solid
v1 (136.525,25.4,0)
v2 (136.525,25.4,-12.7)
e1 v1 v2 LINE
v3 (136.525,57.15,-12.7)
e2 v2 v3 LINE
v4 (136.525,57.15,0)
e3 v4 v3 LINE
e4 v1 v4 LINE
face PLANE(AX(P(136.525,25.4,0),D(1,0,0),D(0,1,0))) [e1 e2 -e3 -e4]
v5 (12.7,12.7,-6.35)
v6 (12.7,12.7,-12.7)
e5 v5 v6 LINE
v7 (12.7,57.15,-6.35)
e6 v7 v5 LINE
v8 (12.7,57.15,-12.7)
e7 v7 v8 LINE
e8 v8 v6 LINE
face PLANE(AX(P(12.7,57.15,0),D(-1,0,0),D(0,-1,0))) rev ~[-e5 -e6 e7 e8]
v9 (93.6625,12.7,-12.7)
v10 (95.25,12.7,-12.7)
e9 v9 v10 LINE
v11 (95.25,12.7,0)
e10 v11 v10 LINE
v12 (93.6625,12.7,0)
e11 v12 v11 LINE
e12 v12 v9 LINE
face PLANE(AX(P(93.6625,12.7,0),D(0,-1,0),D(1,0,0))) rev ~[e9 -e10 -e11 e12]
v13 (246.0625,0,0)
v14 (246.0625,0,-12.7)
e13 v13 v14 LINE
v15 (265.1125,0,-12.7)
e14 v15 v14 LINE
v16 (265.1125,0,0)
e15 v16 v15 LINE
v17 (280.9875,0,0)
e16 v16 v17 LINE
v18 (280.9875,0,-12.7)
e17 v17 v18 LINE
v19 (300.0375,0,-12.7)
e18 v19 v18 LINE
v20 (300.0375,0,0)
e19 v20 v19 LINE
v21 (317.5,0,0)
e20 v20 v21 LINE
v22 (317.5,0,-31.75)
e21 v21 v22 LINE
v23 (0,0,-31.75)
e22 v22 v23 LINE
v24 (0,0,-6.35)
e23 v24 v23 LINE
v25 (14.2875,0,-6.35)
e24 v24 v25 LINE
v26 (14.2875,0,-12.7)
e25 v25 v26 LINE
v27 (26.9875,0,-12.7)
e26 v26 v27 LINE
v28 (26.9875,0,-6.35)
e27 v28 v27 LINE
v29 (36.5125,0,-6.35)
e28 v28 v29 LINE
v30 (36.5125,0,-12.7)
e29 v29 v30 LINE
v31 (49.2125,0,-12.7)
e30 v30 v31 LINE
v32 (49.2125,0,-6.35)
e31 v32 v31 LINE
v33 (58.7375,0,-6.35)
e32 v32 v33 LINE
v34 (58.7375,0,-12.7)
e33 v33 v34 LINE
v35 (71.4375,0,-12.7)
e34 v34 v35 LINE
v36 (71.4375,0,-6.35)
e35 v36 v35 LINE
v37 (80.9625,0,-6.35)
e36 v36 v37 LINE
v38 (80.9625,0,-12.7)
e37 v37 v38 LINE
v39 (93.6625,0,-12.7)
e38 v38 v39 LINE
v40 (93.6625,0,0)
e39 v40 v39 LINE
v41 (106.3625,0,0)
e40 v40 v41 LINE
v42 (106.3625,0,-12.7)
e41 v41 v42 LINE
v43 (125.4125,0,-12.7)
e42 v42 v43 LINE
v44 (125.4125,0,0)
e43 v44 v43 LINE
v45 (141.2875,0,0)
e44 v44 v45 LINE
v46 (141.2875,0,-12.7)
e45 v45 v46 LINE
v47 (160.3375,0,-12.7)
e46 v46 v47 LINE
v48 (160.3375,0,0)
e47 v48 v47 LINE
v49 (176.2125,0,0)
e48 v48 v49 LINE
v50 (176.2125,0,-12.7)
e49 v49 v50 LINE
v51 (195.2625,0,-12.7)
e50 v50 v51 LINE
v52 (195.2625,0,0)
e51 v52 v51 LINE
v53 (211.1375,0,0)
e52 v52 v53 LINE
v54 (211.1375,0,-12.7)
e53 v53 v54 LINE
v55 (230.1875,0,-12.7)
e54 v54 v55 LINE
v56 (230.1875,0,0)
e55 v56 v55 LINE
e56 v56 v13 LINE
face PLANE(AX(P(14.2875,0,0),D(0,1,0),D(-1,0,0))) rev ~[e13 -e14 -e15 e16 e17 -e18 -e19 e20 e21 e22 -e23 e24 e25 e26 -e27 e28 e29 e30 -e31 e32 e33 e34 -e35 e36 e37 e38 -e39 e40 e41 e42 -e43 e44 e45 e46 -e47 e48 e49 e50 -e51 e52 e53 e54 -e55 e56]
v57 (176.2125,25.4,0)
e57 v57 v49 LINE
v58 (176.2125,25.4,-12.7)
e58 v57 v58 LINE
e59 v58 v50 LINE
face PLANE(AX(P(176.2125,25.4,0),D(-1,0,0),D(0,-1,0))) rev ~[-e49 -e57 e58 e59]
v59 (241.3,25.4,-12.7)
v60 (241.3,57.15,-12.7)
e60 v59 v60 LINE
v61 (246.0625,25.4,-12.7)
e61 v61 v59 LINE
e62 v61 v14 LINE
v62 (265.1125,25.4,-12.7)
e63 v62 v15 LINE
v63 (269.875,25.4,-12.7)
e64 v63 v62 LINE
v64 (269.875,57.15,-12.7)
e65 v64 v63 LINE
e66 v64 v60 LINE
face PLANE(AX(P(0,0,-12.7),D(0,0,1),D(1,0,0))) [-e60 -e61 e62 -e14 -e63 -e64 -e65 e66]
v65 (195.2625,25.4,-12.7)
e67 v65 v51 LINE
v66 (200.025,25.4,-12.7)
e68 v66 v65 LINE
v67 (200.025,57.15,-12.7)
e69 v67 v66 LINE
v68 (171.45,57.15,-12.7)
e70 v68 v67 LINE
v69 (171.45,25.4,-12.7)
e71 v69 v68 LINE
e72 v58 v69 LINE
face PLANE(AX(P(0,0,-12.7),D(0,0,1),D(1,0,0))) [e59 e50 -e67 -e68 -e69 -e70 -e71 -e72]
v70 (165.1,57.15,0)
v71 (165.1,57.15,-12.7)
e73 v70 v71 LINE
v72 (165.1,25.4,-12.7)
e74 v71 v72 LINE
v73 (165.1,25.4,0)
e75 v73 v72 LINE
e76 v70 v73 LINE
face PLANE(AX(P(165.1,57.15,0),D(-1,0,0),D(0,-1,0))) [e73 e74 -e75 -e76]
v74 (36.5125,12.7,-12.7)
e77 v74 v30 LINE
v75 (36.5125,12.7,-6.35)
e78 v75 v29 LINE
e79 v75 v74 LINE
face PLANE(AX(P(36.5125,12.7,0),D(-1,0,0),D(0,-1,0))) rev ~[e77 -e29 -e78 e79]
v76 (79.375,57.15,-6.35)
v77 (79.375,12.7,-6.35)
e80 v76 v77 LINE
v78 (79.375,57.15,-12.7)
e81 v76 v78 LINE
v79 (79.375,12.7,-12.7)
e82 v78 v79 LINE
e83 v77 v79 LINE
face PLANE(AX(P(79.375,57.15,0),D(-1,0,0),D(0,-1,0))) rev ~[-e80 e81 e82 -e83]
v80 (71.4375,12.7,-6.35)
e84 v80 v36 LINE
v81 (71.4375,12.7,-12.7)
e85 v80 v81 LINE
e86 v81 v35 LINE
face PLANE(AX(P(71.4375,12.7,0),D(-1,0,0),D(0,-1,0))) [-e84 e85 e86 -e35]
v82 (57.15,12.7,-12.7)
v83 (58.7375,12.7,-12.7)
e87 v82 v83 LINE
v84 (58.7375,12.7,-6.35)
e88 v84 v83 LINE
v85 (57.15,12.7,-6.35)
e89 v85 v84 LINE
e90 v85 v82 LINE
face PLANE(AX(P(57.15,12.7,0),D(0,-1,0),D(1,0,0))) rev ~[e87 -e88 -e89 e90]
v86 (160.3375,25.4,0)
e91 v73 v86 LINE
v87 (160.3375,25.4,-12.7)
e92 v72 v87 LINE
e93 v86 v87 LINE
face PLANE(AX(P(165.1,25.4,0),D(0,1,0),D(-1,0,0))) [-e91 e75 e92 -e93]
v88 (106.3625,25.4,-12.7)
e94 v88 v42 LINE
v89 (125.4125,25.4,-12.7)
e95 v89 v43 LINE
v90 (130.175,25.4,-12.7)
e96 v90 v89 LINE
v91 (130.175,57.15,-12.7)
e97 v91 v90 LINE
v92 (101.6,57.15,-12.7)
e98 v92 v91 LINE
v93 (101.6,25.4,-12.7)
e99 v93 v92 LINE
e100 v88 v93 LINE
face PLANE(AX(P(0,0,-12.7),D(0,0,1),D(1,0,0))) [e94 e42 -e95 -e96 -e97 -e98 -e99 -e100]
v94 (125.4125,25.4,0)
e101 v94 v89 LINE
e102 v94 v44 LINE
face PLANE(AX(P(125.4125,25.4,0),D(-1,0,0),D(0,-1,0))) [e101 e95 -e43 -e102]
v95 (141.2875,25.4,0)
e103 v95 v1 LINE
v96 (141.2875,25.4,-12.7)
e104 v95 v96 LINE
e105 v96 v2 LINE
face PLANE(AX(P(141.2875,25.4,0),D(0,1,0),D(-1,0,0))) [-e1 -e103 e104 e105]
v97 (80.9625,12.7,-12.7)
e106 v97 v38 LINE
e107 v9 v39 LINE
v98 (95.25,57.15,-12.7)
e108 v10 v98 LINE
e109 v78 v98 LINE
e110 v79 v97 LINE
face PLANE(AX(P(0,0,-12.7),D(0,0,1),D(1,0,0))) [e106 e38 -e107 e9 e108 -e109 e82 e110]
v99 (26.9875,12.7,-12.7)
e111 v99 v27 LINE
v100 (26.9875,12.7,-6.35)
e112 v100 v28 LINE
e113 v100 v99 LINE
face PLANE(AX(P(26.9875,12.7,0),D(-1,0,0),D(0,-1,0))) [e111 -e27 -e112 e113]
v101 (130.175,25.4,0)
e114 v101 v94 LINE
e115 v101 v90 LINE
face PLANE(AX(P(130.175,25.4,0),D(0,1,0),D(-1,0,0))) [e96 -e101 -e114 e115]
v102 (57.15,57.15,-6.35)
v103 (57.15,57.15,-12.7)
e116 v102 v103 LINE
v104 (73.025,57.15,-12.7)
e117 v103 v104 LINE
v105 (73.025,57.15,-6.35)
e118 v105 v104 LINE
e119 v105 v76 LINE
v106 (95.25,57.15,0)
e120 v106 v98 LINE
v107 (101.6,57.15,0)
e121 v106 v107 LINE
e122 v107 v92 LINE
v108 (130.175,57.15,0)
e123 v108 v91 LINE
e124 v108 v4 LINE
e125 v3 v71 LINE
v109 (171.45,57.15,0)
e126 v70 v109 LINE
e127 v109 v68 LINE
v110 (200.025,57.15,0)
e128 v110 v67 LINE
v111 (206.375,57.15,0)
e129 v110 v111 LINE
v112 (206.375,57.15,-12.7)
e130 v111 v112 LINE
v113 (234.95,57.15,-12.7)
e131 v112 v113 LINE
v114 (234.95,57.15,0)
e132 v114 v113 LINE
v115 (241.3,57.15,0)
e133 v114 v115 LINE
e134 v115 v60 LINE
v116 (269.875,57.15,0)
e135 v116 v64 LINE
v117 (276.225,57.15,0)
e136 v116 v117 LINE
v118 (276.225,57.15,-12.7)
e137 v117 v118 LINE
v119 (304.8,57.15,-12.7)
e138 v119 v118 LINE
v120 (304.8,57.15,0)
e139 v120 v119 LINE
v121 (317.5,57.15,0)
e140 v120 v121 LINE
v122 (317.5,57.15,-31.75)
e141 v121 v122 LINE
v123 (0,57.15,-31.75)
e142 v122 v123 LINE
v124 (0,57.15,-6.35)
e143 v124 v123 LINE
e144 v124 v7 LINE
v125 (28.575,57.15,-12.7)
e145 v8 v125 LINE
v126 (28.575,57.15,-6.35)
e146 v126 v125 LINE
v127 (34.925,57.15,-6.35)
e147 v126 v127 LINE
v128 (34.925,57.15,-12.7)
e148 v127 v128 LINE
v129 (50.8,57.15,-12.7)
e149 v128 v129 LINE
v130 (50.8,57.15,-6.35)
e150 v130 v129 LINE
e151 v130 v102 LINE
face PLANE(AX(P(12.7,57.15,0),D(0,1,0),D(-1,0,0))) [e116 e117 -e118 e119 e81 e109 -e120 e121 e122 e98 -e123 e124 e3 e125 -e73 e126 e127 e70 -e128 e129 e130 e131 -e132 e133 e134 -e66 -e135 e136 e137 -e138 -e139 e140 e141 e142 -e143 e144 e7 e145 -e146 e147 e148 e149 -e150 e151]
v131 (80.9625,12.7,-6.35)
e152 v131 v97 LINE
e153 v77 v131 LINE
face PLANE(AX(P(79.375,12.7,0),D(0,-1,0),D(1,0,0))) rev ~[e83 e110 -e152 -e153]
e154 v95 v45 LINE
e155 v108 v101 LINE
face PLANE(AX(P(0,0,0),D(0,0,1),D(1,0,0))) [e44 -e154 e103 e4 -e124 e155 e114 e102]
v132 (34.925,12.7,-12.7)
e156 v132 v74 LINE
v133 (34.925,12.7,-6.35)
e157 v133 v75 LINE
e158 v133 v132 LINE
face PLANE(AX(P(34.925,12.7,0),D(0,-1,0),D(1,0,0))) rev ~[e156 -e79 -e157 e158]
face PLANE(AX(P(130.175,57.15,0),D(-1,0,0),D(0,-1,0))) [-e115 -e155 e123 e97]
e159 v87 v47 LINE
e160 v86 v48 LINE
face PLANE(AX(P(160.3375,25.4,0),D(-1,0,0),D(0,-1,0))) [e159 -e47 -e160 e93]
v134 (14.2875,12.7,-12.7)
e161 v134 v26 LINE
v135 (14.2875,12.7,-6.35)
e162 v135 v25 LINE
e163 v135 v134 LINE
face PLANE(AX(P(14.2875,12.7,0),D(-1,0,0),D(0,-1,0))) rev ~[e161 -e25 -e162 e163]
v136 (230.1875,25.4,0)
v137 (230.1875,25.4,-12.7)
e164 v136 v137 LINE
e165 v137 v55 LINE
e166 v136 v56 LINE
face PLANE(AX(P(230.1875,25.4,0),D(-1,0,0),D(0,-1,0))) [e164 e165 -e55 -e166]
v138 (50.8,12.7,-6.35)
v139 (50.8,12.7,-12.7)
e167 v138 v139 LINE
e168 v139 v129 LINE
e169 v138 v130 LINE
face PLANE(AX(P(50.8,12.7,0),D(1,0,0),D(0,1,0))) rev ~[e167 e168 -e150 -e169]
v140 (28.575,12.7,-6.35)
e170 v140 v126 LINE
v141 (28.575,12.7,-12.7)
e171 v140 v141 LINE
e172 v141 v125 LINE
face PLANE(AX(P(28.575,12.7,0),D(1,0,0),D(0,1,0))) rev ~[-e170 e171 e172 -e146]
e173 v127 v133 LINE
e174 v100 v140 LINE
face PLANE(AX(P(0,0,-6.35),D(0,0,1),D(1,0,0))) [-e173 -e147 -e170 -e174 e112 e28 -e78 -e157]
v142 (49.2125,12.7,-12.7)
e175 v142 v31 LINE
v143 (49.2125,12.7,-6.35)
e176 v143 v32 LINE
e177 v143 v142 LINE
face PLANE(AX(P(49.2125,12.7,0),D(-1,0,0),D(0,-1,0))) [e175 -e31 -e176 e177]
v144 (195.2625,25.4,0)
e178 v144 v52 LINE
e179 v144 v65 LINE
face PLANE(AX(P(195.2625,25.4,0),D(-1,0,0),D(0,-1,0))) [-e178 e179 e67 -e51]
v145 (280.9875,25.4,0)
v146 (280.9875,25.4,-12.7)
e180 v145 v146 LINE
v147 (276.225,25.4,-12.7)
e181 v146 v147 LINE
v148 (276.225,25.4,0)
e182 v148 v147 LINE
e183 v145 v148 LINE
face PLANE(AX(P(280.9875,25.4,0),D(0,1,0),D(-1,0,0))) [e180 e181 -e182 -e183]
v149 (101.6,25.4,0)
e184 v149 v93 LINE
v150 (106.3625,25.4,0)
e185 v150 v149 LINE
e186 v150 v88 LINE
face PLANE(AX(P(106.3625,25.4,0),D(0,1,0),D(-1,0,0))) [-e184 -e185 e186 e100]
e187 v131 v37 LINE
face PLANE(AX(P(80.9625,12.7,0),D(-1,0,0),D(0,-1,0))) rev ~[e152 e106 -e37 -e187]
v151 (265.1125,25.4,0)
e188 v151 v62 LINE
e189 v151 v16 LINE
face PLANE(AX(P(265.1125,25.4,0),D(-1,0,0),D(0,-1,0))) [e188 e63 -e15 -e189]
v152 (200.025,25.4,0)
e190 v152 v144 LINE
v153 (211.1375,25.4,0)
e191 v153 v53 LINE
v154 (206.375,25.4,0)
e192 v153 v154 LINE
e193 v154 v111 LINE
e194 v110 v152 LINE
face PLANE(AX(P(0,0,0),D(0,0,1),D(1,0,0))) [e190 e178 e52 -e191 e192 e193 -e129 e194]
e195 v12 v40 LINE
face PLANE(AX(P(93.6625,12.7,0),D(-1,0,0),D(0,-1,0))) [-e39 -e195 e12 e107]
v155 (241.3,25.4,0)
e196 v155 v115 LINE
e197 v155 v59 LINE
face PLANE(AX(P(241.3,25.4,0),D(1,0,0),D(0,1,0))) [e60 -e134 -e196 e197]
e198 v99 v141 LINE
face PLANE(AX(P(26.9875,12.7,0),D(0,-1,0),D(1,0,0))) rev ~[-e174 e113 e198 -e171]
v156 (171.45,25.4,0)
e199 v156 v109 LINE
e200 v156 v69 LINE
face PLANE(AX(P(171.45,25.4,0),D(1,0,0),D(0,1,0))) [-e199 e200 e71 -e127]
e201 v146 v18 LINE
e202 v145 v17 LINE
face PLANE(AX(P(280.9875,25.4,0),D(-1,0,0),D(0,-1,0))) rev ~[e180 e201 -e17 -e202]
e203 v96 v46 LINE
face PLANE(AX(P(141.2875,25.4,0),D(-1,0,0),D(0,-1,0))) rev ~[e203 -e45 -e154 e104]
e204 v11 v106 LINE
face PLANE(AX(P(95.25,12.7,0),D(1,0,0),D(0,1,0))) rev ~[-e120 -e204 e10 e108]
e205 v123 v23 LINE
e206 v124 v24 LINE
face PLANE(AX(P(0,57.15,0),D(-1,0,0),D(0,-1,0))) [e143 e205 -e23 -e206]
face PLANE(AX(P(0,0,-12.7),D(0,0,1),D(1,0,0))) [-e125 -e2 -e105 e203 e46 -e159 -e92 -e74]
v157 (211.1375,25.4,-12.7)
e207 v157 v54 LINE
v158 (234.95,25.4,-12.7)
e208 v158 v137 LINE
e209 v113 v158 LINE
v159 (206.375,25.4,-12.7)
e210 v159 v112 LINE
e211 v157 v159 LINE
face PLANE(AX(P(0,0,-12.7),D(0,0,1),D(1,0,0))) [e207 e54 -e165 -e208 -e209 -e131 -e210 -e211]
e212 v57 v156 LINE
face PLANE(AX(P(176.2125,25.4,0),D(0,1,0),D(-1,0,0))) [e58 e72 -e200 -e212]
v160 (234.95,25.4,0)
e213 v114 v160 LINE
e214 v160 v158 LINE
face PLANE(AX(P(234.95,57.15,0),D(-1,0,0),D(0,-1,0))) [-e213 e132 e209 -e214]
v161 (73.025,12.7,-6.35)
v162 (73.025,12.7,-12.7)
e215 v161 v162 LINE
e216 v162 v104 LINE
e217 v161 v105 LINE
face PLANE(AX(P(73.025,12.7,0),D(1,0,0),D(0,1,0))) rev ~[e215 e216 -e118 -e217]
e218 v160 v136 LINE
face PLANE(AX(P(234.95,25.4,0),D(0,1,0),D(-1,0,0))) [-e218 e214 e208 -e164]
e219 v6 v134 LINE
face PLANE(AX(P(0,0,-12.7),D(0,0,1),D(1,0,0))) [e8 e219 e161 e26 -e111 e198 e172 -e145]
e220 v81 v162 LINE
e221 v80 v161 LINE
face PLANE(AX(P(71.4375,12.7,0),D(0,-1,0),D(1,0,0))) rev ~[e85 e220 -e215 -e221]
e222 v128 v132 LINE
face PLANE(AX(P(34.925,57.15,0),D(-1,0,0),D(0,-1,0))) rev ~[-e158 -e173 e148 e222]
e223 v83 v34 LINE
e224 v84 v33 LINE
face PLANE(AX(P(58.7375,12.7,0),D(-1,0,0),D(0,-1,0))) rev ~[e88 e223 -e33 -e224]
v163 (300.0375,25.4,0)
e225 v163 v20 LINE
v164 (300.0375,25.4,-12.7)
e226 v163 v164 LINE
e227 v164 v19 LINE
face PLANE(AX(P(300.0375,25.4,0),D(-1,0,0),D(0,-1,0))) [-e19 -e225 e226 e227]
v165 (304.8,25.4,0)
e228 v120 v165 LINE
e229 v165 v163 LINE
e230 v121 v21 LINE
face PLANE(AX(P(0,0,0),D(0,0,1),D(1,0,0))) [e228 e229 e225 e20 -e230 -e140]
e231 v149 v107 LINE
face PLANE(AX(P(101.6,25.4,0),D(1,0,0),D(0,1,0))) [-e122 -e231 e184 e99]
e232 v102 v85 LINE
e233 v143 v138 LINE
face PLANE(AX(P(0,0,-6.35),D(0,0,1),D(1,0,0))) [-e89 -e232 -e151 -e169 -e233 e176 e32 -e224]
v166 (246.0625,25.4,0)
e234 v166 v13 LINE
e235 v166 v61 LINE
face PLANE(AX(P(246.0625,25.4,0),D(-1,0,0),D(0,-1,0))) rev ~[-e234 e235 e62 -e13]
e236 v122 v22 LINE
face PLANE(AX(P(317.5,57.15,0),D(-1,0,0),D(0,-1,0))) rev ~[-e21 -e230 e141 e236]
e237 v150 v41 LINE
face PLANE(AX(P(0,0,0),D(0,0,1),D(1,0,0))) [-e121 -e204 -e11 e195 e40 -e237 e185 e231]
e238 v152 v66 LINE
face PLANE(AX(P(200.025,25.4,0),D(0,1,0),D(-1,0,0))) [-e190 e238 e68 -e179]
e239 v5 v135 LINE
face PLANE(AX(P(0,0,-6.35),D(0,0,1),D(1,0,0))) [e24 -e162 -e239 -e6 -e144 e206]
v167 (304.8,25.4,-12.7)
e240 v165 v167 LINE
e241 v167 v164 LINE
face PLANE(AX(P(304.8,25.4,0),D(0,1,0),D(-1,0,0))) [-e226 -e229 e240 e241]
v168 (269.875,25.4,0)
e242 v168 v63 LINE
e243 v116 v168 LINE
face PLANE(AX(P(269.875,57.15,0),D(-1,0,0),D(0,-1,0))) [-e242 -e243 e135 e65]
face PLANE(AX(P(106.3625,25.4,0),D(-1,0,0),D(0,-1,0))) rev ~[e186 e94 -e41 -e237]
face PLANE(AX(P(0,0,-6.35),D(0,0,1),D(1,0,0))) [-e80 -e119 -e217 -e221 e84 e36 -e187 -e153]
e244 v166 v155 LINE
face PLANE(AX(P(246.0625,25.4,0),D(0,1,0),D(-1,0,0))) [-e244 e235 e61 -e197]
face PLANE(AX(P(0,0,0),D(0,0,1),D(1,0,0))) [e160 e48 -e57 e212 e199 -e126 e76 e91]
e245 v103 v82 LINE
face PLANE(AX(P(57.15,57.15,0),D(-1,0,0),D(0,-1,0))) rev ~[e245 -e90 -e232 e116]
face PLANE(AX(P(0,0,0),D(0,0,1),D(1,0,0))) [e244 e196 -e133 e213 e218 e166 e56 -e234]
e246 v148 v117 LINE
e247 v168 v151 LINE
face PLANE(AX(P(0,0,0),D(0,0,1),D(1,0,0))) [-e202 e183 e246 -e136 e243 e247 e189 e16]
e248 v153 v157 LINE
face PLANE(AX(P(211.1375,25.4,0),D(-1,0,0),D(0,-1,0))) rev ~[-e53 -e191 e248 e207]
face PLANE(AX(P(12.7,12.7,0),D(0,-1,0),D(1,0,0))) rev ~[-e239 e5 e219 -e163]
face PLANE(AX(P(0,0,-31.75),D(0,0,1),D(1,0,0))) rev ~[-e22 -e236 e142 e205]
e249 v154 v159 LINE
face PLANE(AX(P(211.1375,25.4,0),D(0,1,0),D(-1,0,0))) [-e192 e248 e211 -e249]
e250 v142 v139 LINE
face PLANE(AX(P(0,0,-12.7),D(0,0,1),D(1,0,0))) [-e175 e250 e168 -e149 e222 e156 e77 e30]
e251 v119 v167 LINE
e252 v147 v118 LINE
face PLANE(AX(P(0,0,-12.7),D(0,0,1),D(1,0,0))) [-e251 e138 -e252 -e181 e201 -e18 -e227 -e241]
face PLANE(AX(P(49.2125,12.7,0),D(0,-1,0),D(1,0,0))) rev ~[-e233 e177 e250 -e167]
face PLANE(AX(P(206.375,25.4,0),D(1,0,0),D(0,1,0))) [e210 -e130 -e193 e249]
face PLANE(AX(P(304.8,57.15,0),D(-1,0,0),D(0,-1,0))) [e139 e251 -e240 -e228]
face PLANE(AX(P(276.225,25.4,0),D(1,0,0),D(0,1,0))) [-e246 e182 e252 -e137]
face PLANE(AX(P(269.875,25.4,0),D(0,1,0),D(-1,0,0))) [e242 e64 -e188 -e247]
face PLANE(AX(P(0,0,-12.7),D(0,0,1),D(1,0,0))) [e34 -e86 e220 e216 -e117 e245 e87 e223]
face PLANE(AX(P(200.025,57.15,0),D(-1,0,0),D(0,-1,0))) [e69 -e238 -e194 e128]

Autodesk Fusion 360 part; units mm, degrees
sketch "Sketch1" plane through (0, 0, 0) normal (0, 0, 1) x (1, 0, 0)
  line L0 (0, 57.15) -> (0, 0)
  line L1 (101.6, 57.15) -> (130.175, 57.15)
  line L2 (130.175, 57.15) -> (130.175, 25.4)
  line L3 (130.175, 25.4) -> (101.6, 25.4)
  line L4 (101.6, 25.4) -> (101.6, 57.15)
  line L5 (115.8875, 25.4) -> (115.8875, 0) construction
  line L6 (106.3625, 25.4) -> (106.3625, 0)
  line L7 (125.4125, 25.4) -> (125.4125, 0)
  line L8 (12.7, 57.15) -> (12.7, 12.7)
  line L9 (12.7, 12.7) -> (28.575, 12.7)
  line L10 (28.575, 12.7) -> (28.575, 57.15)
  line L11 (14.2875, 12.7) -> (14.2875, 0)
  line L12 (26.9875, 12.7) -> (26.9875, 0)
  line L13 (12.7, 57.15) -> (28.575, 57.15)
  line L14 (14.2875, 0) -> (26.9875, 0)
  line L15 (106.3625, 0) -> (125.4125, 0)
  line L16 (36.5125, 0) -> (49.2125, 0)
  line L17 (34.925, 57.15) -> (50.8, 57.15)
  line L18 (49.2125, 12.7) -> (49.2125, 0)
  line L19 (34.925, 57.15) -> (34.925, 12.7)
  line L20 (36.5125, 12.7) -> (36.5125, 0)
  line L21 (34.925, 12.7) -> (50.8, 12.7)
  line L22 (50.8, 12.7) -> (50.8, 57.15)
  line L23 (58.7375, 0) -> (71.4375, 0)
  line L24 (57.15, 57.15) -> (73.025, 57.15)
  line L25 (71.4375, 12.7) -> (71.4375, 0)
  line L26 (57.15, 57.15) -> (57.15, 12.7)
  line L27 (58.7375, 12.7) -> (58.7375, 0)
  line L28 (57.15, 12.7) -> (73.025, 12.7)
  line L29 (73.025, 12.7) -> (73.025, 57.15)
  line L30 (80.9625, 0) -> (93.6625, 0)
  line L31 (79.375, 57.15) -> (95.25, 57.15)
  line L32 (93.6625, 12.7) -> (93.6625, 0)
  line L33 (79.375, 57.15) -> (79.375, 12.7)
  line L34 (80.9625, 12.7) -> (80.9625, 0)
  line L35 (79.375, 12.7) -> (95.25, 12.7)
  line L36 (95.25, 12.7) -> (95.25, 57.15)
  line L37 (141.2875, 25.4) -> (141.2875, 0)
  line L38 (136.525, 57.15) -> (165.1, 57.15)
  line L39 (150.8125, 25.4) -> (150.8125, 0) construction
  line L40 (136.525, 25.4) -> (136.525, 57.15)
  line L41 (165.1, 25.4) -> (136.525, 25.4)
  line L42 (165.1, 57.15) -> (165.1, 25.4)
  line L43 (160.3375, 25.4) -> (160.3375, 0)
  line L44 (141.2875, 0) -> (160.3375, 0)
  line L45 (176.2125, 25.4) -> (176.2125, 0)
  line L46 (171.45, 57.15) -> (200.025, 57.15)
  line L47 (185.7375, 25.4) -> (185.7375, 0) construction
  line L48 (171.45, 25.4) -> (171.45, 57.15)
  line L49 (200.025, 25.4) -> (171.45, 25.4)
  line L50 (200.025, 57.15) -> (200.025, 25.4)
  line L51 (195.2625, 25.4) -> (195.2625, 0)
  line L52 (176.2125, 0) -> (195.2625, 0)
  line L53 (211.1375, 25.4) -> (211.1375, 0)
  line L54 (206.375, 57.15) -> (234.95, 57.15)
  line L55 (220.6625, 25.4) -> (220.6625, 0) construction
  line L56 (206.375, 25.4) -> (206.375, 57.15)
  line L57 (234.95, 25.4) -> (206.375, 25.4)
  line L58 (234.95, 57.15) -> (234.95, 25.4)
  line L59 (230.1875, 25.4) -> (230.1875, 0)
  line L60 (211.1375, 0) -> (230.1875, 0)
  line L61 (317.5, 57.15) -> (317.5, 0)
  line L62 (317.5, 0) -> (0, 0)
  line L63 (317.5, 57.15) -> (0, 57.15)
  line L64 (265.1125, 25.4) -> (265.1125, 0)
  line L65 (241.3, 57.15) -> (269.875, 57.15)
  line L66 (255.5875, 25.4) -> (255.5875, 0) construction
  line L67 (246.0625, 25.4) -> (246.0625, 0)
  line L68 (269.875, 25.4) -> (241.3, 25.4)
  line L69 (246.0625, 0) -> (265.1125, 0)
  line L70 (269.875, 57.15) -> (269.875, 25.4)
  line L71 (241.3, 25.4) -> (241.3, 57.15)
  line L72 (300.0375, 25.4) -> (300.0375, 0)
  line L73 (276.225, 57.15) -> (304.8, 57.15)
  line L74 (290.5125, 25.4) -> (290.5125, 0) construction
  line L75 (280.9875, 25.4) -> (280.9875, 0)
  line L76 (304.8, 25.4) -> (276.225, 25.4)
  line L77 (280.9875, 0) -> (300.0375, 0)
  line L78 (304.8, 57.15) -> (304.8, 25.4)
  line L79 (276.225, 25.4) -> (276.225, 57.15)
  dimension "d2" = 57.15
  dimension "d4" = 28.575
  dimension "d6" = 9.525
  dimension "d7" = 9.525
  dimension "d21" = 15.875
  dimension "d23" = 12.7
  dimension "d24" = 1.5875
  dimension "d25" = 15.875
  dimension "d26" = 12.7
  dimension "d27" = 1.5875
  dimension "d28" = 15.875
  dimension "d29" = 12.7
  dimension "d30" = 1.5875
  dimension "d31" = 15.875
  dimension "d32" = 12.7
  dimension "d33" = 1.5875
  dimension "d34" = 6.35
  dimension "d35" = 6.35
  dimension "d36" = 6.35
  dimension "d37" = 12.7
  dimension "d38" = 6.35
  dimension "d39" = 31.75
  dimension "d40" = 28.575
  dimension "d41" = 9.525
  dimension "d42" = 9.525
  dimension "d43" = 31.75
  dimension "d44" = 28.575
  dimension "d45" = 9.525
  dimension "d46" = 9.525
  dimension "d47" = 31.75
  dimension "d48" = 28.575
  dimension "d49" = 9.525
  dimension "d50" = 9.525
  dimension "d51" = 31.75
  dimension "d52" = 6.35
  dimension "d53" = 6.35
  dimension "d54" = 6.35
  dimension "d56" = 28.575
  dimension "d57" = 9.525
  dimension "d58" = 9.525
  dimension "d59" = 31.75
  dimension "d60" = 28.575
  dimension "d61" = 9.525
  dimension "d62" = 9.525
  dimension "d63" = 31.75
  dimension "d64" = 6.35
  dimension "d65" = 6.35
  dimension "d66" = 12.7
extrude "Extrude3" add sketch "Sketch1" against normal blind 31.75
extrude "Extrude6" cut sketch "Sketch1" against normal blind 12.7 contours L1 L2 L3 L4 L63 | L3 L6 L7 L15 L62 | L38 L40 L41 L42 L63 | L37 L41 L43 L44 L62 | L46 L48 L49 L50 L63 | L45 L49 L51 L52 L62 | L54 L56 L57 L58 L63 | L53 L57 L59 L60 L62 | L63 L65 L68 L70 L71 | L62 L64 L67 L68 L69 | L63 L73 L76 L78 L79 | L62 L72 L75 L76 L77
extrude "Extrude7" cut sketch "Sketch1" against normal blind 12.7 contours L8 L9 L10 L13 L63 | L9 L11 L12 L14 L62 | L17 L19 L21 L22 L63 | L16 L18 L20 L21 L62 | L24 L26 L28 L29 L63 | L23 L25 L27 L28 L62 | L31 L33 L35 L36 L63 | L30 L32 L34 L35 L62
extrude "Extrude8" cut 4 faces at (77.2583, 4.2333, 0) (55.0333, 4.2333, 0) (32.8083, 4.2333, 0) (4.2333, 23.2833, 0) along direction (0, 0, -1) blind 6.35
equation "d21 = ( 5 / 8 ) * 1 in"
equation "d24 = ( 1 / 16 ) * 1 in"
equation "d25 = ( 5 / 8 ) * 1 in"
equation "d27 = ( 1 / 16 ) * 1 in"
equation "d28 = ( 5 / 8 ) * 1 in"
equation "d30 = ( 1 / 16 ) * 1 in"
equation "d31 = ( 5 / 8 ) * 1 in"
equation "d33 = ( 1 / 16 ) * 1 in"
